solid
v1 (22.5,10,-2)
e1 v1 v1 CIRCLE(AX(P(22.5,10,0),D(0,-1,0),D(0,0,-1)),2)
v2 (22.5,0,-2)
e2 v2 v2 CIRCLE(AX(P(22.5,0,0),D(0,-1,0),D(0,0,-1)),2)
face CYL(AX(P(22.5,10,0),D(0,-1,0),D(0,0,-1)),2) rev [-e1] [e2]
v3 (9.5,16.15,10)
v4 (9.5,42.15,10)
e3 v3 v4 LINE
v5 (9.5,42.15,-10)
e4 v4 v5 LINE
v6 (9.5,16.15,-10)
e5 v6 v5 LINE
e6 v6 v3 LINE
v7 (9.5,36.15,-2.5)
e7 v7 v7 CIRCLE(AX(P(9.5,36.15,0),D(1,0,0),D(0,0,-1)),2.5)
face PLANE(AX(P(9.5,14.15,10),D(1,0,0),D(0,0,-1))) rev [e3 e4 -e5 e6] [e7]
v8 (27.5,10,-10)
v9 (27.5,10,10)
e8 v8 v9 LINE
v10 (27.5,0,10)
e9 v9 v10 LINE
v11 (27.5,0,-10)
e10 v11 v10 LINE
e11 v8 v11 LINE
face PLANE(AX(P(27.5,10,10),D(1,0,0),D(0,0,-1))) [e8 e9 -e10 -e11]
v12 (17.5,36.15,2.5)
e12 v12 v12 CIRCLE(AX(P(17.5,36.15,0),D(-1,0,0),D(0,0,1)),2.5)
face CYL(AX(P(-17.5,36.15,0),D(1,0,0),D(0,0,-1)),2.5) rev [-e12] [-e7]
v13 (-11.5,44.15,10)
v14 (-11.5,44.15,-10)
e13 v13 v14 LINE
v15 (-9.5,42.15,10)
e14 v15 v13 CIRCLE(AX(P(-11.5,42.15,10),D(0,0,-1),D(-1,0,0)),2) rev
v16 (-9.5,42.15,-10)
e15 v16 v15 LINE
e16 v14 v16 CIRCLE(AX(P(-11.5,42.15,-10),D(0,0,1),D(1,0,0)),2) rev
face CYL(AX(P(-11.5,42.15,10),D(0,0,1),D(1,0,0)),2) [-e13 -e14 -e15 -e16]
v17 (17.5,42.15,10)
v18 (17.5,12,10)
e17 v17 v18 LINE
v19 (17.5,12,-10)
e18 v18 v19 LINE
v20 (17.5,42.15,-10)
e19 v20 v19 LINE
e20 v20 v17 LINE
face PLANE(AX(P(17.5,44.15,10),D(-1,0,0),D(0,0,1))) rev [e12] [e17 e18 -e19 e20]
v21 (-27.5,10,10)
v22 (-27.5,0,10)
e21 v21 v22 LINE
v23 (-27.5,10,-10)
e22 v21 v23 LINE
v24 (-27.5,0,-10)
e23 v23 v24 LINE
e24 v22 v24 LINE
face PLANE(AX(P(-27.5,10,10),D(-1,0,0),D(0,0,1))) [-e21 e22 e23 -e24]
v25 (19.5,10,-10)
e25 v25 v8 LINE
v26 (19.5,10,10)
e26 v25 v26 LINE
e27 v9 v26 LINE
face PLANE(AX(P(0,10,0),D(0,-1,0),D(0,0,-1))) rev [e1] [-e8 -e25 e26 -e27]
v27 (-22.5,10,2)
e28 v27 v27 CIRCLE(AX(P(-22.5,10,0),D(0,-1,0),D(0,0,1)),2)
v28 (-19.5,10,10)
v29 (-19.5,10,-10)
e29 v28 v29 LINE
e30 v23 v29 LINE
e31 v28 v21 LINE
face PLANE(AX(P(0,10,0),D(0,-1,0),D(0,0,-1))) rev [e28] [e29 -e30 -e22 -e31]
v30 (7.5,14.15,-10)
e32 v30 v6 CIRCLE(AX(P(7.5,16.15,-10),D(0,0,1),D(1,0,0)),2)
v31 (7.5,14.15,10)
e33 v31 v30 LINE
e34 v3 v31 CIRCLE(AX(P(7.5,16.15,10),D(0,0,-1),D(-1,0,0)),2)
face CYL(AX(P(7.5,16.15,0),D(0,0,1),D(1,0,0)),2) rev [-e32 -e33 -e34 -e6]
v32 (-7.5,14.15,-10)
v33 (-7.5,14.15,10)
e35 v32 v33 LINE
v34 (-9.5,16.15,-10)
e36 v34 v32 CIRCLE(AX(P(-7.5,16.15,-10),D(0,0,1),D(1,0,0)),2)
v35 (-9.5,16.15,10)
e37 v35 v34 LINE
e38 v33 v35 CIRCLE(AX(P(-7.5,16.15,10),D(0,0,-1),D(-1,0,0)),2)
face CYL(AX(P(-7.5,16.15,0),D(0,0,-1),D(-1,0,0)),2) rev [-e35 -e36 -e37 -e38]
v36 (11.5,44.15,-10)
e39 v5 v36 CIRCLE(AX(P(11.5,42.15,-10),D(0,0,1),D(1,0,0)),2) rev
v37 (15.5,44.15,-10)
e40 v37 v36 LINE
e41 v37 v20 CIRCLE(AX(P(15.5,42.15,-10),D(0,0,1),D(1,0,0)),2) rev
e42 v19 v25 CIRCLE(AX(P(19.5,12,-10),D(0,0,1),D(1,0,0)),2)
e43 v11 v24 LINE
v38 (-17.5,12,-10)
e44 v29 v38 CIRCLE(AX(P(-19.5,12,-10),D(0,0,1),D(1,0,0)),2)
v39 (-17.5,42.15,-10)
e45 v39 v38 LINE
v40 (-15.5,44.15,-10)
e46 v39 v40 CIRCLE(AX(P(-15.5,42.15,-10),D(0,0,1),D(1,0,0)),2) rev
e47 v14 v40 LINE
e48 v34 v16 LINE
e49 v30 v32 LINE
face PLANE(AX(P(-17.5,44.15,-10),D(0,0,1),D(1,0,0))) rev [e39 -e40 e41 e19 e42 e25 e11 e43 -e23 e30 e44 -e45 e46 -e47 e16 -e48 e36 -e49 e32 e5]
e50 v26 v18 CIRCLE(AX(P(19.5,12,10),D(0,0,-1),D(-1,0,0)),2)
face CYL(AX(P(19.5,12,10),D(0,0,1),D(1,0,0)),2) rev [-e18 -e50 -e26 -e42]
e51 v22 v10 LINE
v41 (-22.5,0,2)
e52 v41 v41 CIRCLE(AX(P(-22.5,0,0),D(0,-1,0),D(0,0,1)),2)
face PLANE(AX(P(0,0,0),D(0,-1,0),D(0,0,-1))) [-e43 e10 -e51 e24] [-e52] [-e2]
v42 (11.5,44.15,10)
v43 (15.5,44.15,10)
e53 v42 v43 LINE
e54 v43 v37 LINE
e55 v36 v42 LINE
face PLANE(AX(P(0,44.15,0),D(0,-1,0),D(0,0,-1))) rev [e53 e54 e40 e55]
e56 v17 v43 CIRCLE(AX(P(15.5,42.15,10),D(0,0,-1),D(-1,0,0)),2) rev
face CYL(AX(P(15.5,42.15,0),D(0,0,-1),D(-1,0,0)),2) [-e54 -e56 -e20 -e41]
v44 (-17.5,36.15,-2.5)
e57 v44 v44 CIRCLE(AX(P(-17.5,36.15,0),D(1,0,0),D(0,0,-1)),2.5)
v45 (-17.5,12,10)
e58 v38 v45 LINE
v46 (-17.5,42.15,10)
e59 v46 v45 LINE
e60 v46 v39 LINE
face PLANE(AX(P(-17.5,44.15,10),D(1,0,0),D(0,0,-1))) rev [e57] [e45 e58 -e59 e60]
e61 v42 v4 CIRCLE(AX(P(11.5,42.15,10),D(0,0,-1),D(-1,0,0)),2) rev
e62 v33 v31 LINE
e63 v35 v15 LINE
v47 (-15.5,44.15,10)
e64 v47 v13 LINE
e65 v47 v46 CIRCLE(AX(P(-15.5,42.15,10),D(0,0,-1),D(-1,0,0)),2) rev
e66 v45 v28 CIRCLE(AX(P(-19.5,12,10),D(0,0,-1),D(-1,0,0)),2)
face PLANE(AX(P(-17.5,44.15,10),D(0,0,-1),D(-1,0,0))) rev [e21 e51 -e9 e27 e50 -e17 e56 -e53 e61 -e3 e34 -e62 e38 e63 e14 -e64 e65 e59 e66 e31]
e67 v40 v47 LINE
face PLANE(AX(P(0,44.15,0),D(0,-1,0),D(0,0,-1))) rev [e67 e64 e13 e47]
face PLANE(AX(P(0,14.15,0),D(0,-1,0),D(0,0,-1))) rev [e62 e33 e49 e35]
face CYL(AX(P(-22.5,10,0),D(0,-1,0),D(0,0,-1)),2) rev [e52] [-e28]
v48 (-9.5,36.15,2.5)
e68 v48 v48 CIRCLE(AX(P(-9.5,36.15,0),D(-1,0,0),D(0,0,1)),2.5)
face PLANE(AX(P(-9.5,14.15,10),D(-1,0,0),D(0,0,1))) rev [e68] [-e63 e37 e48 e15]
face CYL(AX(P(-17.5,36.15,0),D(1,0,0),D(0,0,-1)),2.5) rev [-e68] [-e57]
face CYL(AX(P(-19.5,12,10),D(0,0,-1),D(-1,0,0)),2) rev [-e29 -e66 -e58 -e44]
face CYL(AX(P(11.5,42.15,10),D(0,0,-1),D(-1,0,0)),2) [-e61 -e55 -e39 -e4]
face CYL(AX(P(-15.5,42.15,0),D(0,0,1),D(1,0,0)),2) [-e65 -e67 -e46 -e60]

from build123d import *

# Parameters (mm, degrees)
SKETCH1_W               = 35
SKETCH1_H               = 20
BOSS_EXTRUDE1_DEPTH     = 44.15
SKETCH2_W               = 19
SKETCH2_H               = 20
CUT_EXTRUDE1_DEPTH      = 30
CUT_EXTRUDE2_DEPTH      = 58.220822259
CUT_EXTRUDE2_DEPTH_BACK = 58.220822259
SKETCH3_R               = 2.5
FILLET1_R               = 2
SKETCH4_W               = 10
SKETCH4_H               = 20
SKETCH4_R               = 2
BOSS_EXTRUDE2_DEPTH     = 10
FILLET2_R               = 2


with BuildPart() as part:
    # Sketch1 → Boss-Extrude1 (new body)
    with BuildSketch(Plane(origin=(0, 0, 0), x_dir=(1, 0, 0), z_dir=(0, 1, 0))):
        Rectangle(SKETCH1_W, SKETCH1_H)
    extrude(amount=BOSS_EXTRUDE1_DEPTH)

    # Sketch2 → Cut-Extrude1 (cut)
    with BuildSketch(Plane(origin=(0, 44.15, 0), x_dir=(1, 0, 0), z_dir=(0, 1, 0))):
        Rectangle(SKETCH2_W, SKETCH2_H)
    extrude(amount=-CUT_EXTRUDE1_DEPTH, mode=Mode.SUBTRACT)

    # Sketch3 → Cut-Extrude2 (cut, two sides: drawn at the far end of the back side and taken through both)
    with BuildSketch(Plane(origin=(17.5, 0, 0), x_dir=(0, 0, -1), z_dir=(1, 0, 0)).offset(-CUT_EXTRUDE2_DEPTH_BACK)):
        with Locations((0, 36.15)):
            Circle(SKETCH3_R)
    extrude(amount=CUT_EXTRUDE2_DEPTH + CUT_EXTRUDE2_DEPTH_BACK, mode=Mode.SUBTRACT)

    # Fillet1
    fillet1_edges = [part.edges().sort_by_distance(p)[0] for p in [
        (9.5, 14.15, 0),
        (-9.5, 14.15, 0),
        (9.5, 44.15, 0),
        (-9.5, 44.15, 0),
    ]]
    fillet(fillet1_edges, radius=FILLET1_R)

    # Sketch4 → Boss-Extrude2 (add)
    # profile 1 of 2: a face of its own
    with BuildSketch(Plane.XZ):
        with Locations((22.5, 0)):
            Rectangle(SKETCH4_W, SKETCH4_H)
        with Locations(Location((22.5, 0, 0), (0, 0, 270))):
            Circle(SKETCH4_R, mode=Mode.SUBTRACT)
    # profile 2 of 2: a face of its own
    with BuildSketch(Plane.XZ):
        with Locations((-22.5, 0)):
            Rectangle(SKETCH4_W, SKETCH4_H)
        with Locations(Location((-22.5, 0, 0), (0, 0, 90))):
            Circle(SKETCH4_R, mode=Mode.SUBTRACT)
    extrude(amount=-BOSS_EXTRUDE2_DEPTH)

    # Fillet2
    fillet2_edges = [part.edges().sort_by_distance(p)[0] for p in [
        (-17.5, 44.15, 0),
        (17.5, 44.15, 0),
        (17.5, 10, 0),
        (-17.5, 10, 0),
    ]]
    fillet(fillet2_edges, radius=FILLET2_R)


solid = part.part
